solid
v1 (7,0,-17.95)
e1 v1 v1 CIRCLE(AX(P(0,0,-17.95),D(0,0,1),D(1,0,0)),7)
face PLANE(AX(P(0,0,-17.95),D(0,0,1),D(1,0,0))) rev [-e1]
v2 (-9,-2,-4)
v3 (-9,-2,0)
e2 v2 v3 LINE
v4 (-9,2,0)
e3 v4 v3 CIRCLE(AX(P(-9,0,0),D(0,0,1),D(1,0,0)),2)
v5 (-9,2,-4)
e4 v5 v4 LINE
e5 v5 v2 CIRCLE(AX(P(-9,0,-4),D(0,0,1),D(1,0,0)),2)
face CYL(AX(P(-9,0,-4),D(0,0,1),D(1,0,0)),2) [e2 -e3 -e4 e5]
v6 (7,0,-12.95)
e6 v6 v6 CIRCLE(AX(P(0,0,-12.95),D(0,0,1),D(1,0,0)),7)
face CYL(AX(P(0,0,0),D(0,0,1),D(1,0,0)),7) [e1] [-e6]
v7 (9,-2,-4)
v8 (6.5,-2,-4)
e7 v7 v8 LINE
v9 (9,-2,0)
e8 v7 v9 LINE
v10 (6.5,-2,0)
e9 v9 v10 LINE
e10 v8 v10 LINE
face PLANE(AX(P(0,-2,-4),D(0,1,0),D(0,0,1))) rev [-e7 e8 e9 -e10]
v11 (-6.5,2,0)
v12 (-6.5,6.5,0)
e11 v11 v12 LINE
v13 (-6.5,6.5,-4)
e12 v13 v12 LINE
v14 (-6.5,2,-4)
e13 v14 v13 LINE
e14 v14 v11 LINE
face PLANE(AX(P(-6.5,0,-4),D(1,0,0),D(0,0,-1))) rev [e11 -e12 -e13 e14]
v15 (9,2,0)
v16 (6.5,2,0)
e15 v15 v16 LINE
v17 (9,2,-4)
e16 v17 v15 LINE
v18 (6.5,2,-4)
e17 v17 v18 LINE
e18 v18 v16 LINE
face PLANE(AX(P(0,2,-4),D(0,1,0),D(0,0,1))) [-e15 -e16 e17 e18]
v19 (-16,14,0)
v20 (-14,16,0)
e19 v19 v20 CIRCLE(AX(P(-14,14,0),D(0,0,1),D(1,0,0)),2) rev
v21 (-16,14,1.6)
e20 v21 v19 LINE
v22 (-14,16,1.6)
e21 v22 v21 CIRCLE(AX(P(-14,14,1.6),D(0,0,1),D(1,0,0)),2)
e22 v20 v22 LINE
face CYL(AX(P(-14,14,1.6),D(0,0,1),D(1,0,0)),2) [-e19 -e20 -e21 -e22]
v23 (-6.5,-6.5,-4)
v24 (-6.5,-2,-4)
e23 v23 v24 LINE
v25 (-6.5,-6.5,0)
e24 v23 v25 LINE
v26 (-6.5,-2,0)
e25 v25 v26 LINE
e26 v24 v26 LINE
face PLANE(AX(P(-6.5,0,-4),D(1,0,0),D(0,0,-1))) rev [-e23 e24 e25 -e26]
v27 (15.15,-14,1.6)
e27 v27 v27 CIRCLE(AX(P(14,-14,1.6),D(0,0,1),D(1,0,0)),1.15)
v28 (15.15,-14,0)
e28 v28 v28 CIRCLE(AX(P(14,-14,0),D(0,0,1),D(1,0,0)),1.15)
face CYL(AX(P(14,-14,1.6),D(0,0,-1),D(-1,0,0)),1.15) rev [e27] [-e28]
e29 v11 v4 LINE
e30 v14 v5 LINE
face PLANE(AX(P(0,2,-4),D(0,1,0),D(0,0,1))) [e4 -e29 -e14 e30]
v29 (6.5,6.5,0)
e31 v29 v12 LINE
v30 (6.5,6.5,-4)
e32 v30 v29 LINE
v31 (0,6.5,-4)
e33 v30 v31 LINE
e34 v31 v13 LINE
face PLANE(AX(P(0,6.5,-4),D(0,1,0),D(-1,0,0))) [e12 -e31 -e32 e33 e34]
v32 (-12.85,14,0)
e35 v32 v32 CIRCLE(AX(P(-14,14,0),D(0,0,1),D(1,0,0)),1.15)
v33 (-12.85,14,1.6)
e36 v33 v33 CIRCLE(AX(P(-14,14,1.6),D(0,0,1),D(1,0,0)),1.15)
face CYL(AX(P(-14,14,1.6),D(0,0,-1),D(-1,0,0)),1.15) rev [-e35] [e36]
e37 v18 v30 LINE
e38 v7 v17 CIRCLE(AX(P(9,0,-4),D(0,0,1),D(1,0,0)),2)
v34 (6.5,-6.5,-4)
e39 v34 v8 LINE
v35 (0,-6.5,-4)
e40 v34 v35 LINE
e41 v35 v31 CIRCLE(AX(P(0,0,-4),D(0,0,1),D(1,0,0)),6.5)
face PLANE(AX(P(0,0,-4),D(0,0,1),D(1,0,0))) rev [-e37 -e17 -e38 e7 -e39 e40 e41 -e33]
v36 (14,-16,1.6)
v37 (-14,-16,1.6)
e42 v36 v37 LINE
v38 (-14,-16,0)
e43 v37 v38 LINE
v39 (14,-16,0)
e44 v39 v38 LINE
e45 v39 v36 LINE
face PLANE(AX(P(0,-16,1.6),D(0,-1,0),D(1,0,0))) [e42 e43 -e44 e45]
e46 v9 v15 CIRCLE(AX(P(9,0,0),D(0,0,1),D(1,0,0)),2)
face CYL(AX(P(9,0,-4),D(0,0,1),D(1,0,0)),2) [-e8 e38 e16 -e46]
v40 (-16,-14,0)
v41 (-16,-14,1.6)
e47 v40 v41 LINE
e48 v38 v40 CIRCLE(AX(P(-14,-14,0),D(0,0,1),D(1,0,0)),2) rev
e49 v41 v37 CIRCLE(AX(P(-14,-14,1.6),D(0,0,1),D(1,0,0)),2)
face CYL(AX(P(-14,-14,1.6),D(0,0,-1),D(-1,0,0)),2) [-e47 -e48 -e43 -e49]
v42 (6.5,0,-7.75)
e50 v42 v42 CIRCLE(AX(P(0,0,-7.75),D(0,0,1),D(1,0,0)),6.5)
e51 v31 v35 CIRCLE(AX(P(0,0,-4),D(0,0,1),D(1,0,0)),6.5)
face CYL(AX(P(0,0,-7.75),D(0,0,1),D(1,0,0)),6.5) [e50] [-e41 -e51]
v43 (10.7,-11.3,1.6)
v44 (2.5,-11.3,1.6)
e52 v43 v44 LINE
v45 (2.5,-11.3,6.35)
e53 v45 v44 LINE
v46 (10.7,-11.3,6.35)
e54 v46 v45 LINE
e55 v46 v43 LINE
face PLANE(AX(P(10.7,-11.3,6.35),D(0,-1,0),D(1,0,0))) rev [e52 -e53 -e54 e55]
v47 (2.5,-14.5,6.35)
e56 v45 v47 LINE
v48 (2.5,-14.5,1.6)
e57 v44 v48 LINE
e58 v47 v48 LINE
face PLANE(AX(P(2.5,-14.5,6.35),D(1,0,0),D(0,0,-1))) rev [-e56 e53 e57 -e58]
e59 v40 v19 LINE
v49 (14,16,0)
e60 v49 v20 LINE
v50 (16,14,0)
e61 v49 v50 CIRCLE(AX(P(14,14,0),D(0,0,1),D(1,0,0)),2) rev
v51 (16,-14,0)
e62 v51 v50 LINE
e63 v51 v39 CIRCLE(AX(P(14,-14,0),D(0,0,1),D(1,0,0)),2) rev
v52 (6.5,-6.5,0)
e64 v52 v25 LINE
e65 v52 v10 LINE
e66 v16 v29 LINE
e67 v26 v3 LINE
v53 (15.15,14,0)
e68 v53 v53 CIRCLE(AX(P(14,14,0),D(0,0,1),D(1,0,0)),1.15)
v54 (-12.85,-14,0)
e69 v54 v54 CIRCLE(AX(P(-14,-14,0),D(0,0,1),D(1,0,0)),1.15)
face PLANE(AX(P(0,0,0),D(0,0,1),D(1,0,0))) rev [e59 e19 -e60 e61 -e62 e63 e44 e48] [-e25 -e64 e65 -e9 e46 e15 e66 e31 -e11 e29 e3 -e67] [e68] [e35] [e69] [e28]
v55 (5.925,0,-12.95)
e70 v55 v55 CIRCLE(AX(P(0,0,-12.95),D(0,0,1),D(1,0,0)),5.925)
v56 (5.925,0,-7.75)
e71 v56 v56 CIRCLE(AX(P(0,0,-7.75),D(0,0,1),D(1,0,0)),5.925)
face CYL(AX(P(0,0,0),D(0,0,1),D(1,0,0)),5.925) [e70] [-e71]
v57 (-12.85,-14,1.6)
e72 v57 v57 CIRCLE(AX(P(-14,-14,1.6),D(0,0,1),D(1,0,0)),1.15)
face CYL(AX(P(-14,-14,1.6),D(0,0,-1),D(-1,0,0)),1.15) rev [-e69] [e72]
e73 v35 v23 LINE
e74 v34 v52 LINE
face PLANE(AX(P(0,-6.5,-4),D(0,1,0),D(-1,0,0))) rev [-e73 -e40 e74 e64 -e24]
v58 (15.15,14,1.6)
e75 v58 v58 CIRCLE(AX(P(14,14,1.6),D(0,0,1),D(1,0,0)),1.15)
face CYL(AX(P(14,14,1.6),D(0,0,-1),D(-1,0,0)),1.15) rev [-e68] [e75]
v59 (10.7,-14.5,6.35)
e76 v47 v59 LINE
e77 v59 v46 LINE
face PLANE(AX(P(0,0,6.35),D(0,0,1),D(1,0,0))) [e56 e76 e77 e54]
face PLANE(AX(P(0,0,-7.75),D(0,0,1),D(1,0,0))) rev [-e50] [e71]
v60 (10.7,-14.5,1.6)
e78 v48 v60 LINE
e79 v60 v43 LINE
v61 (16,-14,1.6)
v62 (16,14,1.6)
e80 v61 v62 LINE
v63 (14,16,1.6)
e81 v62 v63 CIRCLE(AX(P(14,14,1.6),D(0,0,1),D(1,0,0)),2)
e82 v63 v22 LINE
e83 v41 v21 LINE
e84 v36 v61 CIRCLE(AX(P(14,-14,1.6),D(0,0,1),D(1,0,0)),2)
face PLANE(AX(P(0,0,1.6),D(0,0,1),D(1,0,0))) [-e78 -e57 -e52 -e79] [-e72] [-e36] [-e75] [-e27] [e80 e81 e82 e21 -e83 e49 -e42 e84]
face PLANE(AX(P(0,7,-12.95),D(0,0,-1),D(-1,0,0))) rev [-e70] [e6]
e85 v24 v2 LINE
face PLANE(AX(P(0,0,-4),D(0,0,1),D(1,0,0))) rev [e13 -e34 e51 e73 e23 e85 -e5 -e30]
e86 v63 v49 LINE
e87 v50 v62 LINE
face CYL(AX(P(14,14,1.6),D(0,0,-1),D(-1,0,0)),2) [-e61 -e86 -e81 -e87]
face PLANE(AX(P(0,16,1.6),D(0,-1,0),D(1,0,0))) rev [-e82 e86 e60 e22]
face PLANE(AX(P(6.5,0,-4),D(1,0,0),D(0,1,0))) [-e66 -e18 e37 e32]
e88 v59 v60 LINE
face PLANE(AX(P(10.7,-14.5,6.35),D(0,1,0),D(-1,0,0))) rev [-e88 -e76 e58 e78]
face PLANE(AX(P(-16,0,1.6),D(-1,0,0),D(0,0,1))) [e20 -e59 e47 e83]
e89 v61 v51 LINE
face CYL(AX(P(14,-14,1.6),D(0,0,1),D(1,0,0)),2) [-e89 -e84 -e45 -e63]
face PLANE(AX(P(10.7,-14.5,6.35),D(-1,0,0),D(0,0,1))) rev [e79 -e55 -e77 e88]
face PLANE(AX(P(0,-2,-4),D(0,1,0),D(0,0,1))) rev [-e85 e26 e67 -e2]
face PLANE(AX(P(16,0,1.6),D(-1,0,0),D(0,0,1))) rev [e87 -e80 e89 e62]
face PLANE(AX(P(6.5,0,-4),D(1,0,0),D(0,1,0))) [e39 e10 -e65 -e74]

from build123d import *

# Parameters (mm, degrees)
SKETCH1_W           = 32
SKETCH1_H           = 32
SKETCH1_R           = 1.15
BOSS_EXTRUDE1_DEPTH = 1.6
FILLET1_R           = 2
BOSS_EXTRUDE2_DEPTH = 4
SKETCH1_4_R         = 6.5
BOSS_EXTRUDE3_DEPTH = 7.75
SKETCH3_W           = 8.2
SKETCH3_H           = 3.2
BOSS_EXTRUDE4_DEPTH = 4.75


with BuildPart() as part:
    # Sketch1 → Boss-Extrude1 (new body)
    with BuildSketch(Plane.XY):
        Rectangle(SKETCH1_W, SKETCH1_H)
        with Locations((-14, -14)):
            Circle(SKETCH1_R, mode=Mode.SUBTRACT)
        with Locations((14, -14)):
            Circle(SKETCH1_R, mode=Mode.SUBTRACT)
        with Locations((-14, 14)):
            Circle(SKETCH1_R, mode=Mode.SUBTRACT)
        with Locations((14, 14)):
            Circle(SKETCH1_R, mode=Mode.SUBTRACT)
    extrude(amount=BOSS_EXTRUDE1_DEPTH)

    # Fillet1
    fillet1_edges = [part.edges().sort_by_distance(p)[0] for p in [
        (16, 16, 0.8),
        (16, -16, 0.8),
        (-16, -16, 0.8),
        (-16, 16, 0.8),
    ]]
    fillet(fillet1_edges, radius=FILLET1_R)

    # Sketch1<3> → Boss-Extrude2 (add)
    with BuildSketch(Plane.XY):
        with BuildLine():
            Line((6.5, -6.5), (6.5, -2))
            Line((6.5, -2), (9, -2))
            ThreePointArc((9, -2), (11, 0), (9, 2))
            Line((9, 2), (6.5, 2))
            Line((6.5, 2), (6.5, 6.5))
            Line((6.5, 6.5), (-6.5, 6.5))
            Line((-6.5, 6.5), (-6.5, 2))
            Line((-6.5, 2), (-9, 2))
            ThreePointArc((-9, 2), (-11, 0), (-9, -2))
            Line((-9, -2), (-6.5, -2))
            Line((-6.5, -2), (-6.5, -6.5))
            Line((-6.5, -6.5), (6.5, -6.5))
        make_face()
    extrude(amount=-BOSS_EXTRUDE2_DEPTH)

    # Sketch1<4> → Boss-Extrude3 (add)
    with BuildSketch(Plane.XY):
        Circle(SKETCH1_4_R)
    extrude(amount=-BOSS_EXTRUDE3_DEPTH)

    # Sketch2 → Revolve1 (revolve)
    with BuildSketch(Plane(origin=(0, 0, 0), x_dir=(0, 0, -1), z_dir=(1, 0, 0))):
        Polygon((17.95, 0), (17.95, 7), (12.95, 7), (12.95, 5.925), (7.75, 5.925), (7.75, 0), align=None)
    revolve(axis=Axis((0, 0, 0), (0, 0, -1)))

    # Sketch3 → Boss-Extrude4 (add)
    with BuildSketch(Plane.XY.offset(1.6)):
        with Locations((6.6, -12.9)):
            Rectangle(SKETCH3_W, SKETCH3_H)
    extrude(amount=BOSS_EXTRUDE4_DEPTH)


solid = part.part
